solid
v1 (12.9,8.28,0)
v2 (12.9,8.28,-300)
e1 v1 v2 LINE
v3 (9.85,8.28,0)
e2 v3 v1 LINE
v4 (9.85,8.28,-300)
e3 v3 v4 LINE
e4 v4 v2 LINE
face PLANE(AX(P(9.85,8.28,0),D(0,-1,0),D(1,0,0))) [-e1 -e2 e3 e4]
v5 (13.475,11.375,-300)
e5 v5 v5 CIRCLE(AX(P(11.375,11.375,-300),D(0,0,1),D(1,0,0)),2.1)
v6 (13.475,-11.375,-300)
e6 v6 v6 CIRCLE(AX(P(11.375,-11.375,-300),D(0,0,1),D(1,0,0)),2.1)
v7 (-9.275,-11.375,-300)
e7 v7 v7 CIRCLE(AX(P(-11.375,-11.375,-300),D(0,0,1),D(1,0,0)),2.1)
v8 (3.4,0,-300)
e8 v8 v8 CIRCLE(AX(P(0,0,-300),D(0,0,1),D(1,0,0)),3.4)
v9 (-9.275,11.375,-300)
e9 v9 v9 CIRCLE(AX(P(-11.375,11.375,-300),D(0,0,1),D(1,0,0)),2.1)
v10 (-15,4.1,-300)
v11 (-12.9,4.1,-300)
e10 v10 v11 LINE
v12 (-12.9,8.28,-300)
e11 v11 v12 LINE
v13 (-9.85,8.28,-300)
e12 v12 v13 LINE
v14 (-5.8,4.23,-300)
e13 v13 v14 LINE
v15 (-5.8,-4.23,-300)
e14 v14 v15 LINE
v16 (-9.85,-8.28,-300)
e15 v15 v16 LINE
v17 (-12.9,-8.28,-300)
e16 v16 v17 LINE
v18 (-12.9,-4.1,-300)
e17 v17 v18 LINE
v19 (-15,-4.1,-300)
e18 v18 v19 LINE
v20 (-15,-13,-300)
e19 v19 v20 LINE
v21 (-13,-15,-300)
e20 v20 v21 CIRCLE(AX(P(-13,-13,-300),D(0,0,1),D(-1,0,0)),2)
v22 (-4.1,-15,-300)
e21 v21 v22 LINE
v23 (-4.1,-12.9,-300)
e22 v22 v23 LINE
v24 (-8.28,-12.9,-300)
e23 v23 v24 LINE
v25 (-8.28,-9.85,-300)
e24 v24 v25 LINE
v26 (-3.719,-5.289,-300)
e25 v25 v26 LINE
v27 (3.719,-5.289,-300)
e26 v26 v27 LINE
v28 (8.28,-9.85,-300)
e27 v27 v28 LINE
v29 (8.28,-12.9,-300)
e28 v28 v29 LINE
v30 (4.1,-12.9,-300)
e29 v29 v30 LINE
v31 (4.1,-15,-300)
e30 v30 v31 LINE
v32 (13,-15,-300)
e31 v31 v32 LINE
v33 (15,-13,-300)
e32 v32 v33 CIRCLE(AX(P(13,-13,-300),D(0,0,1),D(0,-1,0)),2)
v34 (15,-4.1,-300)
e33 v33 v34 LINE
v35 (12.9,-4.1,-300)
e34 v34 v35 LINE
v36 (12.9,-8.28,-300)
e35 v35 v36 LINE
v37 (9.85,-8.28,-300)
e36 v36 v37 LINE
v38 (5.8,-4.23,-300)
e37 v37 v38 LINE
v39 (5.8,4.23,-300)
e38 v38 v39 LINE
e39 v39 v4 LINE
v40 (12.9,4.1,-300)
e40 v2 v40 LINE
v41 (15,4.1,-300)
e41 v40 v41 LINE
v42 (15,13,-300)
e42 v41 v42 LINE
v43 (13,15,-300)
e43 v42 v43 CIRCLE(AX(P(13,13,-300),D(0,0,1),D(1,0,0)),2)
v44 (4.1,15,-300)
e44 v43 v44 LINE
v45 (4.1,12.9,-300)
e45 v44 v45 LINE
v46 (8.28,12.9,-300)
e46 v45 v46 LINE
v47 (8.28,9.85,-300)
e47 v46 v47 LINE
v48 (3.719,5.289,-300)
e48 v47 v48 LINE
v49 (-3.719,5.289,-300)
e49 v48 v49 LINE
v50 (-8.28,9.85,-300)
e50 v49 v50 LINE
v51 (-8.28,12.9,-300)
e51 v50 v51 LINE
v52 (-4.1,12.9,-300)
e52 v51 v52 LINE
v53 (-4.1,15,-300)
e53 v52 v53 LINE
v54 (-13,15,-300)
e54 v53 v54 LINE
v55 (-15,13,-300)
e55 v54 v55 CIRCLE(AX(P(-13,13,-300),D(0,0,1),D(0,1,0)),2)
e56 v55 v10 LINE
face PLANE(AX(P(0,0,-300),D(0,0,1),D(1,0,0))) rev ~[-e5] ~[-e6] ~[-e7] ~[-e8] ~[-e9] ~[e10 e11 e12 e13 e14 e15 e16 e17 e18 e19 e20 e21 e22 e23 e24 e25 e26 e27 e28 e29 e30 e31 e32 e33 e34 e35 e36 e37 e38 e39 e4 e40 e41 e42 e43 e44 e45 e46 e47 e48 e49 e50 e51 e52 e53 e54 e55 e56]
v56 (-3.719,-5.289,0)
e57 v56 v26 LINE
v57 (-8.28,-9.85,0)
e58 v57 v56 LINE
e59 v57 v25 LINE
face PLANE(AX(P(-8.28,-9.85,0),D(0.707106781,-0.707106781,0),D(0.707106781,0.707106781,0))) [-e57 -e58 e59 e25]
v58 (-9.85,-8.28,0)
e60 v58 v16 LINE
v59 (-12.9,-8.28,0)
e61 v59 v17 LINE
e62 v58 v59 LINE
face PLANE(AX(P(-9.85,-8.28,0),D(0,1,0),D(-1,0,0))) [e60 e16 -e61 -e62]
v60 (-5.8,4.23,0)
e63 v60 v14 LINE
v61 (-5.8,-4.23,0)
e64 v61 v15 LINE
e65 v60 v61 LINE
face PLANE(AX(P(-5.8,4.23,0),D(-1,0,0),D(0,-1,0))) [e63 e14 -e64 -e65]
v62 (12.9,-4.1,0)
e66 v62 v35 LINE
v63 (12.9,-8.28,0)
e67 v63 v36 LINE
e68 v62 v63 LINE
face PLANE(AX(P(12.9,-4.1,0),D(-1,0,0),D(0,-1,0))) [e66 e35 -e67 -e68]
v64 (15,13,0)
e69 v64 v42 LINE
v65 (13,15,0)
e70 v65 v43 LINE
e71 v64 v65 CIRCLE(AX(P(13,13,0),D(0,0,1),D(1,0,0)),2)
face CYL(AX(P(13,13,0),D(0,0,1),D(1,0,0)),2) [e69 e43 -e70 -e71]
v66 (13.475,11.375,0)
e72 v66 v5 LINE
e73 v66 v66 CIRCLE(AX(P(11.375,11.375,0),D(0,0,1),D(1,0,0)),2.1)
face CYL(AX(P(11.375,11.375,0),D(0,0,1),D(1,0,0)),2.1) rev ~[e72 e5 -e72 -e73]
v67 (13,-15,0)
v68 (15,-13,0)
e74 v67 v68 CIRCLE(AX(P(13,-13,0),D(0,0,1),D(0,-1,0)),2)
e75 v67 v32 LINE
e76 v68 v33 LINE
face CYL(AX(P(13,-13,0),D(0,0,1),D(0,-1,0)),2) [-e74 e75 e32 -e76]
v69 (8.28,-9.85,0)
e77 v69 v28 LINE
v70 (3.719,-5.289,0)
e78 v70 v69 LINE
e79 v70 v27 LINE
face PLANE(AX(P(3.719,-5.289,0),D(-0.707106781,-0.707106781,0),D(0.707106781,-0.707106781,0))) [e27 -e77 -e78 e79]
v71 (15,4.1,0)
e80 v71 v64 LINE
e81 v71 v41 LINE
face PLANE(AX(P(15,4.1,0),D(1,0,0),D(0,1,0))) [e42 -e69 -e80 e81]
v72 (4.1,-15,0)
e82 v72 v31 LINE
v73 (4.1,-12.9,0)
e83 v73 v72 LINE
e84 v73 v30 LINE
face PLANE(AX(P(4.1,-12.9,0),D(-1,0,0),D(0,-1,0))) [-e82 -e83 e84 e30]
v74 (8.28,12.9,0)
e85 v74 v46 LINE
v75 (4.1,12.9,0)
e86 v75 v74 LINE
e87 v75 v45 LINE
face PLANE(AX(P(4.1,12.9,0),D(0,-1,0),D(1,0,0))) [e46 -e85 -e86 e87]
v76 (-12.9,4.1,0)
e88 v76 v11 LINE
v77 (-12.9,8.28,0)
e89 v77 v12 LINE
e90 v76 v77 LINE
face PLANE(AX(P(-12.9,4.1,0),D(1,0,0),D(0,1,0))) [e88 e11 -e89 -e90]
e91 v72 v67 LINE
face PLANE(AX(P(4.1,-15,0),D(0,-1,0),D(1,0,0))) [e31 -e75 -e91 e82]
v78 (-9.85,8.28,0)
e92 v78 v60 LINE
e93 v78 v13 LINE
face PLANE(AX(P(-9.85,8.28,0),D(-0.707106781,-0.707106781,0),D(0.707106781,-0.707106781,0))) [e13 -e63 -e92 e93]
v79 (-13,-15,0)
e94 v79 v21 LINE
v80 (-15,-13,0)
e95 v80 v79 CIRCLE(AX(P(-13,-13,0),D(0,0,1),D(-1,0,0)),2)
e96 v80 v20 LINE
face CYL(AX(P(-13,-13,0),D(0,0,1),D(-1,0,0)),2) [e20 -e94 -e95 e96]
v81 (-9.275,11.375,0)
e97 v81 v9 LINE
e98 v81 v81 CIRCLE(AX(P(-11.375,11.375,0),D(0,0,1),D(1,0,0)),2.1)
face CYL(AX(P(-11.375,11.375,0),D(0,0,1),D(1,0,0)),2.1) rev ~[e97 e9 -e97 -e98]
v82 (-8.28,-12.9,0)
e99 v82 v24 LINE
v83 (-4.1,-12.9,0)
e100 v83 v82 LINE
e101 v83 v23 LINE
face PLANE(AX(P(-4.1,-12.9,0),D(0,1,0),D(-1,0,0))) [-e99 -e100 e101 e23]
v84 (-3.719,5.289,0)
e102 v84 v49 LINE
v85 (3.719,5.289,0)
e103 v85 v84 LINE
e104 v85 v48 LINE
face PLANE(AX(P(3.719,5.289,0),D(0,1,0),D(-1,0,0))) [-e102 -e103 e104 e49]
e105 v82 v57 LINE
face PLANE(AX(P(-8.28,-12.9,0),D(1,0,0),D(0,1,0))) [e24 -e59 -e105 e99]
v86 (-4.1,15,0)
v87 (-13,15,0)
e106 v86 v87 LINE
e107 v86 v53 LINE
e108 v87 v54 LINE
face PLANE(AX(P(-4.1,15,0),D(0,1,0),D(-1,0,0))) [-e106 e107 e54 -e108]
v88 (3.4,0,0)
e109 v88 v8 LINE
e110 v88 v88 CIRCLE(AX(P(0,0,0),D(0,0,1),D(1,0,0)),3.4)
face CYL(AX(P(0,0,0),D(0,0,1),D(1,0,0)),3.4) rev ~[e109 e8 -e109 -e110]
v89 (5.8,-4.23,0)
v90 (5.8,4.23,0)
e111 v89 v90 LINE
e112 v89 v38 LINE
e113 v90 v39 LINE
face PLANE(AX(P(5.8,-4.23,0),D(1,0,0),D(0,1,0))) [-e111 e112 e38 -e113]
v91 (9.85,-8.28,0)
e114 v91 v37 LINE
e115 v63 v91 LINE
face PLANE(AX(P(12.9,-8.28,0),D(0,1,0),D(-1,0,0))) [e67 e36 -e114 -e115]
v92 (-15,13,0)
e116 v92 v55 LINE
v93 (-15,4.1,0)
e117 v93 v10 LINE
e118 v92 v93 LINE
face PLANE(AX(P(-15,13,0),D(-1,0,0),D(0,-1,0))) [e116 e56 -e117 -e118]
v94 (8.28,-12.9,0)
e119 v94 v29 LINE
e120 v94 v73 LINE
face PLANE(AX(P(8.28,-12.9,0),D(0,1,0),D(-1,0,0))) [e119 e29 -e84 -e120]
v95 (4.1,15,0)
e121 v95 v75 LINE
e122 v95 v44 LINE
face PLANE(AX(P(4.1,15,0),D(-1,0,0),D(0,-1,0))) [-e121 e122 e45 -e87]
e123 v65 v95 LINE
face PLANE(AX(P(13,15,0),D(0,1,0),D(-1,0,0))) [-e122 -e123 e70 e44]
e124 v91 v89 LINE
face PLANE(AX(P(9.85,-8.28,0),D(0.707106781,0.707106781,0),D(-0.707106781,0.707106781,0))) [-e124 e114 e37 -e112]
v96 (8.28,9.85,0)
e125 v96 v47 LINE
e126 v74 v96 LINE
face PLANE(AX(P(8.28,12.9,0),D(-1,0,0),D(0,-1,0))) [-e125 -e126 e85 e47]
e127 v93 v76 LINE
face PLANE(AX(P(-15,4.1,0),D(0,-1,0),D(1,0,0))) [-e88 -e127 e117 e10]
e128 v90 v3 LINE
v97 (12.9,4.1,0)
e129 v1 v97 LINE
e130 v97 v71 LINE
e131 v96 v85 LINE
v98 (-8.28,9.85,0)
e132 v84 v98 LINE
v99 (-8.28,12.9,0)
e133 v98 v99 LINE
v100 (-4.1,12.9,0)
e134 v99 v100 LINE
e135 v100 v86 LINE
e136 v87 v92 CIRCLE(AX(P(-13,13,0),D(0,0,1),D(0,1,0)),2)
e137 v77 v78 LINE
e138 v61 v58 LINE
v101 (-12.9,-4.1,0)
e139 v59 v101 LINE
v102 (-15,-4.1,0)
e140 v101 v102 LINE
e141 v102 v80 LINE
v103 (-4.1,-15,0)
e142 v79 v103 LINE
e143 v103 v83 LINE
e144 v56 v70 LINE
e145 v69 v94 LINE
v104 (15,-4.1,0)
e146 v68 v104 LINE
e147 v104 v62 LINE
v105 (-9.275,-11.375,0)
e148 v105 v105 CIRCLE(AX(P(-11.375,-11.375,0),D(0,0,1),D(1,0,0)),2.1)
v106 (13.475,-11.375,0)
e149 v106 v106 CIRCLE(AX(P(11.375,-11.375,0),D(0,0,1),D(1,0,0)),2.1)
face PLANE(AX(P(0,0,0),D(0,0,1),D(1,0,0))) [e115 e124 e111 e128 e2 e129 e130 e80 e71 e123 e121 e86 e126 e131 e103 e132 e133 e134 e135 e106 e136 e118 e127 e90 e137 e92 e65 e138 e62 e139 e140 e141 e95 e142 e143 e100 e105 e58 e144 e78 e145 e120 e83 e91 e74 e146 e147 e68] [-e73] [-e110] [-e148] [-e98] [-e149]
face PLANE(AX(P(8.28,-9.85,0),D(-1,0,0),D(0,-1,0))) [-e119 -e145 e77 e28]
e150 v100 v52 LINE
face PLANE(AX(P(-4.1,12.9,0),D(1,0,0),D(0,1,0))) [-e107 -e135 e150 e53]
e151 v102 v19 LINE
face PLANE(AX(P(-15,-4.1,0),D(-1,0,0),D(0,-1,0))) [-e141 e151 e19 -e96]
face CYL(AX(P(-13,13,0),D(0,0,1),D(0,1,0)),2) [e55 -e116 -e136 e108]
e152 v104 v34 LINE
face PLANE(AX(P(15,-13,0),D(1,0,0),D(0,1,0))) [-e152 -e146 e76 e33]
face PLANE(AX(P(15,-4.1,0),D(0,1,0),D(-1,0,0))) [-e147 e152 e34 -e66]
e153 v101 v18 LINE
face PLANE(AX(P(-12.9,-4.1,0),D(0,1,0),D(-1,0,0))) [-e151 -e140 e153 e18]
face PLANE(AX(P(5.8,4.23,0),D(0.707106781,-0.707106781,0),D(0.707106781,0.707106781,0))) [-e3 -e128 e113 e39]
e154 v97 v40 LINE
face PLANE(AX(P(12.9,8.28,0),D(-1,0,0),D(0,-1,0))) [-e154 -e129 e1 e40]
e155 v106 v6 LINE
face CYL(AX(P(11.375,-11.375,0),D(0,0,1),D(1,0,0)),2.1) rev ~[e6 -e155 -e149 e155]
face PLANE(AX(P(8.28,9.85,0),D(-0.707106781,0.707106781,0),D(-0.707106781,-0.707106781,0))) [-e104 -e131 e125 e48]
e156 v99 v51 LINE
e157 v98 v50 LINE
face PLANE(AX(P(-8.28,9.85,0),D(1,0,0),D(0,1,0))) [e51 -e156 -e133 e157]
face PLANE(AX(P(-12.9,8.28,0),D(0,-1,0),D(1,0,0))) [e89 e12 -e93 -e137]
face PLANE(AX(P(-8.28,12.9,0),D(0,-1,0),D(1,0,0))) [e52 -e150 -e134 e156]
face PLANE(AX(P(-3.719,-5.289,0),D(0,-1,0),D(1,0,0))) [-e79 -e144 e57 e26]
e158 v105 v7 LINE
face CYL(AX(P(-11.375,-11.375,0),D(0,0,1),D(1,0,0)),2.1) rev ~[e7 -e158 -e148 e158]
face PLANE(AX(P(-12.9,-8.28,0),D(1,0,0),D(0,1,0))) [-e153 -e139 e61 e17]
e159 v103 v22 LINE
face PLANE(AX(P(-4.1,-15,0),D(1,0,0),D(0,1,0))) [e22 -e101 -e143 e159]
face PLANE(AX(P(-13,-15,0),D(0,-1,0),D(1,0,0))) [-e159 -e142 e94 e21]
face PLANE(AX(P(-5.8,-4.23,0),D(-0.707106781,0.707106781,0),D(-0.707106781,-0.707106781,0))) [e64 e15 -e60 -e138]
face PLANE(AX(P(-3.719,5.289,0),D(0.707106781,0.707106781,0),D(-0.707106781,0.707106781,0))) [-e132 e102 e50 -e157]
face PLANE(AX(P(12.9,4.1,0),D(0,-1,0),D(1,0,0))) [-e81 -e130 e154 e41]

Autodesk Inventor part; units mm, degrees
ref_plane "YZ Plane" through (0, 0, 0) normal (1, 0, 0) x (0, 1, 0)
ref_plane "XZ Plane" through (0, 0, 0) normal (0, 1, 0) x (-1, 0, 0)
ref_plane "XY Plane" through (0, 0, 0) normal (0, 0, 1) x (1, 0, 0)
sketch "Sketch1" plane through (0, 0, 0) normal (0, 0, 1) x (1, 0, 0)
  circle A0 centre (-11.375, 11.375) radius 2.1
  circle A1 centre (-11.375, -11.375) radius 2.1
  line L0 (-15, 4.1) -> (-12.9, 4.1)
  line L1 (-12.9, 4.1) -> (-12.9, 8.28)
  line L2 (-12.9, 8.28) -> (-9.85, 8.28)
  line L3 (-9.85, 8.28) -> (-5.8, 4.23)
  line L4 (-5.8, 4.23) -> (-5.8, -4.23)
  line L5 (-5.8, -4.23) -> (-9.85, -8.28)
  line L6 (-9.85, -8.28) -> (-12.9, -8.28)
  line L7 (-12.9, -8.28) -> (-12.9, -4.1)
  line L8 (-12.9, -4.1) -> (-15, -4.1)
  line L9 (-15, -4.1) -> (-15, -13)
  arc A2 (-15, -13) -> (-13, -15) centre (-13, -13) ccw
  line L10 (-13, -15) -> (-4.1, -15)
  line L11 (-4.1, -15) -> (-4.1, -12.9)
  line L12 (-4.1, -12.9) -> (-8.28, -12.9)
  line L13 (-8.28, -12.9) -> (-8.28, -9.85)
  line L14 (-8.28, -9.85) -> (-3.719, -5.289)
  line L15 (-3.719, -5.289) -> (3.719, -5.289)
  line L16 (3.719, -5.289) -> (8.28, -9.85)
  line L17 (8.28, -9.85) -> (8.28, -12.9)
  line L18 (8.28, -12.9) -> (4.1, -12.9)
  line L19 (4.1, -12.9) -> (4.1, -15)
  line L20 (4.1, -15) -> (13, -15)
  arc A3 (13, -15) -> (15, -13) centre (13, -13) ccw
  line L21 (15, -13) -> (15, -4.1)
  line L22 (15, -4.1) -> (12.9, -4.1)
  line L23 (12.9, -4.1) -> (12.9, -8.28)
  line L24 (12.9, -8.28) -> (9.85, -8.28)
  line L25 (9.85, -8.28) -> (5.8, -4.23)
  line L26 (5.8, -4.23) -> (5.8, 4.23)
  line L27 (5.8, 4.23) -> (9.85, 8.28)
  line L28 (9.85, 8.28) -> (12.9, 8.28)
  line L29 (12.9, 8.28) -> (12.9, 4.1)
  line L30 (12.9, 4.1) -> (15, 4.1)
  line L31 (15, 4.1) -> (15, 13)
  arc A4 (15, 13) -> (13, 15) centre (13, 13) ccw
  line L32 (13, 15) -> (4.1, 15)
  line L33 (4.1, 15) -> (4.1, 12.9)
  line L34 (4.1, 12.9) -> (8.28, 12.9)
  line L35 (8.28, 12.9) -> (8.28, 9.85)
  line L36 (8.28, 9.85) -> (3.719, 5.289)
  line L37 (3.719, 5.289) -> (-3.719, 5.289)
  line L38 (-3.719, 5.289) -> (-8.28, 9.85)
  line L39 (-8.28, 9.85) -> (-8.28, 12.9)
  line L40 (-8.28, 12.9) -> (-4.1, 12.9)
  line L41 (-4.1, 12.9) -> (-4.1, 15)
  line L42 (-4.1, 15) -> (-13, 15)
  arc A5 (-13, 15) -> (-15, 13) centre (-13, 13) ccw
  line L43 (-15, 13) -> (-15, 4.1)
  circle A6 centre (0, 0) radius 3.4
  circle A7 centre (11.375, 11.375) radius 2.1
  circle A8 centre (11.375, -11.375) radius 2.1
extrude "Extrusion1" add sketch "Sketch1" against normal blind 300
properties part number "Metal Profile 30 cm" material "Aluminum 6061-AHC"
